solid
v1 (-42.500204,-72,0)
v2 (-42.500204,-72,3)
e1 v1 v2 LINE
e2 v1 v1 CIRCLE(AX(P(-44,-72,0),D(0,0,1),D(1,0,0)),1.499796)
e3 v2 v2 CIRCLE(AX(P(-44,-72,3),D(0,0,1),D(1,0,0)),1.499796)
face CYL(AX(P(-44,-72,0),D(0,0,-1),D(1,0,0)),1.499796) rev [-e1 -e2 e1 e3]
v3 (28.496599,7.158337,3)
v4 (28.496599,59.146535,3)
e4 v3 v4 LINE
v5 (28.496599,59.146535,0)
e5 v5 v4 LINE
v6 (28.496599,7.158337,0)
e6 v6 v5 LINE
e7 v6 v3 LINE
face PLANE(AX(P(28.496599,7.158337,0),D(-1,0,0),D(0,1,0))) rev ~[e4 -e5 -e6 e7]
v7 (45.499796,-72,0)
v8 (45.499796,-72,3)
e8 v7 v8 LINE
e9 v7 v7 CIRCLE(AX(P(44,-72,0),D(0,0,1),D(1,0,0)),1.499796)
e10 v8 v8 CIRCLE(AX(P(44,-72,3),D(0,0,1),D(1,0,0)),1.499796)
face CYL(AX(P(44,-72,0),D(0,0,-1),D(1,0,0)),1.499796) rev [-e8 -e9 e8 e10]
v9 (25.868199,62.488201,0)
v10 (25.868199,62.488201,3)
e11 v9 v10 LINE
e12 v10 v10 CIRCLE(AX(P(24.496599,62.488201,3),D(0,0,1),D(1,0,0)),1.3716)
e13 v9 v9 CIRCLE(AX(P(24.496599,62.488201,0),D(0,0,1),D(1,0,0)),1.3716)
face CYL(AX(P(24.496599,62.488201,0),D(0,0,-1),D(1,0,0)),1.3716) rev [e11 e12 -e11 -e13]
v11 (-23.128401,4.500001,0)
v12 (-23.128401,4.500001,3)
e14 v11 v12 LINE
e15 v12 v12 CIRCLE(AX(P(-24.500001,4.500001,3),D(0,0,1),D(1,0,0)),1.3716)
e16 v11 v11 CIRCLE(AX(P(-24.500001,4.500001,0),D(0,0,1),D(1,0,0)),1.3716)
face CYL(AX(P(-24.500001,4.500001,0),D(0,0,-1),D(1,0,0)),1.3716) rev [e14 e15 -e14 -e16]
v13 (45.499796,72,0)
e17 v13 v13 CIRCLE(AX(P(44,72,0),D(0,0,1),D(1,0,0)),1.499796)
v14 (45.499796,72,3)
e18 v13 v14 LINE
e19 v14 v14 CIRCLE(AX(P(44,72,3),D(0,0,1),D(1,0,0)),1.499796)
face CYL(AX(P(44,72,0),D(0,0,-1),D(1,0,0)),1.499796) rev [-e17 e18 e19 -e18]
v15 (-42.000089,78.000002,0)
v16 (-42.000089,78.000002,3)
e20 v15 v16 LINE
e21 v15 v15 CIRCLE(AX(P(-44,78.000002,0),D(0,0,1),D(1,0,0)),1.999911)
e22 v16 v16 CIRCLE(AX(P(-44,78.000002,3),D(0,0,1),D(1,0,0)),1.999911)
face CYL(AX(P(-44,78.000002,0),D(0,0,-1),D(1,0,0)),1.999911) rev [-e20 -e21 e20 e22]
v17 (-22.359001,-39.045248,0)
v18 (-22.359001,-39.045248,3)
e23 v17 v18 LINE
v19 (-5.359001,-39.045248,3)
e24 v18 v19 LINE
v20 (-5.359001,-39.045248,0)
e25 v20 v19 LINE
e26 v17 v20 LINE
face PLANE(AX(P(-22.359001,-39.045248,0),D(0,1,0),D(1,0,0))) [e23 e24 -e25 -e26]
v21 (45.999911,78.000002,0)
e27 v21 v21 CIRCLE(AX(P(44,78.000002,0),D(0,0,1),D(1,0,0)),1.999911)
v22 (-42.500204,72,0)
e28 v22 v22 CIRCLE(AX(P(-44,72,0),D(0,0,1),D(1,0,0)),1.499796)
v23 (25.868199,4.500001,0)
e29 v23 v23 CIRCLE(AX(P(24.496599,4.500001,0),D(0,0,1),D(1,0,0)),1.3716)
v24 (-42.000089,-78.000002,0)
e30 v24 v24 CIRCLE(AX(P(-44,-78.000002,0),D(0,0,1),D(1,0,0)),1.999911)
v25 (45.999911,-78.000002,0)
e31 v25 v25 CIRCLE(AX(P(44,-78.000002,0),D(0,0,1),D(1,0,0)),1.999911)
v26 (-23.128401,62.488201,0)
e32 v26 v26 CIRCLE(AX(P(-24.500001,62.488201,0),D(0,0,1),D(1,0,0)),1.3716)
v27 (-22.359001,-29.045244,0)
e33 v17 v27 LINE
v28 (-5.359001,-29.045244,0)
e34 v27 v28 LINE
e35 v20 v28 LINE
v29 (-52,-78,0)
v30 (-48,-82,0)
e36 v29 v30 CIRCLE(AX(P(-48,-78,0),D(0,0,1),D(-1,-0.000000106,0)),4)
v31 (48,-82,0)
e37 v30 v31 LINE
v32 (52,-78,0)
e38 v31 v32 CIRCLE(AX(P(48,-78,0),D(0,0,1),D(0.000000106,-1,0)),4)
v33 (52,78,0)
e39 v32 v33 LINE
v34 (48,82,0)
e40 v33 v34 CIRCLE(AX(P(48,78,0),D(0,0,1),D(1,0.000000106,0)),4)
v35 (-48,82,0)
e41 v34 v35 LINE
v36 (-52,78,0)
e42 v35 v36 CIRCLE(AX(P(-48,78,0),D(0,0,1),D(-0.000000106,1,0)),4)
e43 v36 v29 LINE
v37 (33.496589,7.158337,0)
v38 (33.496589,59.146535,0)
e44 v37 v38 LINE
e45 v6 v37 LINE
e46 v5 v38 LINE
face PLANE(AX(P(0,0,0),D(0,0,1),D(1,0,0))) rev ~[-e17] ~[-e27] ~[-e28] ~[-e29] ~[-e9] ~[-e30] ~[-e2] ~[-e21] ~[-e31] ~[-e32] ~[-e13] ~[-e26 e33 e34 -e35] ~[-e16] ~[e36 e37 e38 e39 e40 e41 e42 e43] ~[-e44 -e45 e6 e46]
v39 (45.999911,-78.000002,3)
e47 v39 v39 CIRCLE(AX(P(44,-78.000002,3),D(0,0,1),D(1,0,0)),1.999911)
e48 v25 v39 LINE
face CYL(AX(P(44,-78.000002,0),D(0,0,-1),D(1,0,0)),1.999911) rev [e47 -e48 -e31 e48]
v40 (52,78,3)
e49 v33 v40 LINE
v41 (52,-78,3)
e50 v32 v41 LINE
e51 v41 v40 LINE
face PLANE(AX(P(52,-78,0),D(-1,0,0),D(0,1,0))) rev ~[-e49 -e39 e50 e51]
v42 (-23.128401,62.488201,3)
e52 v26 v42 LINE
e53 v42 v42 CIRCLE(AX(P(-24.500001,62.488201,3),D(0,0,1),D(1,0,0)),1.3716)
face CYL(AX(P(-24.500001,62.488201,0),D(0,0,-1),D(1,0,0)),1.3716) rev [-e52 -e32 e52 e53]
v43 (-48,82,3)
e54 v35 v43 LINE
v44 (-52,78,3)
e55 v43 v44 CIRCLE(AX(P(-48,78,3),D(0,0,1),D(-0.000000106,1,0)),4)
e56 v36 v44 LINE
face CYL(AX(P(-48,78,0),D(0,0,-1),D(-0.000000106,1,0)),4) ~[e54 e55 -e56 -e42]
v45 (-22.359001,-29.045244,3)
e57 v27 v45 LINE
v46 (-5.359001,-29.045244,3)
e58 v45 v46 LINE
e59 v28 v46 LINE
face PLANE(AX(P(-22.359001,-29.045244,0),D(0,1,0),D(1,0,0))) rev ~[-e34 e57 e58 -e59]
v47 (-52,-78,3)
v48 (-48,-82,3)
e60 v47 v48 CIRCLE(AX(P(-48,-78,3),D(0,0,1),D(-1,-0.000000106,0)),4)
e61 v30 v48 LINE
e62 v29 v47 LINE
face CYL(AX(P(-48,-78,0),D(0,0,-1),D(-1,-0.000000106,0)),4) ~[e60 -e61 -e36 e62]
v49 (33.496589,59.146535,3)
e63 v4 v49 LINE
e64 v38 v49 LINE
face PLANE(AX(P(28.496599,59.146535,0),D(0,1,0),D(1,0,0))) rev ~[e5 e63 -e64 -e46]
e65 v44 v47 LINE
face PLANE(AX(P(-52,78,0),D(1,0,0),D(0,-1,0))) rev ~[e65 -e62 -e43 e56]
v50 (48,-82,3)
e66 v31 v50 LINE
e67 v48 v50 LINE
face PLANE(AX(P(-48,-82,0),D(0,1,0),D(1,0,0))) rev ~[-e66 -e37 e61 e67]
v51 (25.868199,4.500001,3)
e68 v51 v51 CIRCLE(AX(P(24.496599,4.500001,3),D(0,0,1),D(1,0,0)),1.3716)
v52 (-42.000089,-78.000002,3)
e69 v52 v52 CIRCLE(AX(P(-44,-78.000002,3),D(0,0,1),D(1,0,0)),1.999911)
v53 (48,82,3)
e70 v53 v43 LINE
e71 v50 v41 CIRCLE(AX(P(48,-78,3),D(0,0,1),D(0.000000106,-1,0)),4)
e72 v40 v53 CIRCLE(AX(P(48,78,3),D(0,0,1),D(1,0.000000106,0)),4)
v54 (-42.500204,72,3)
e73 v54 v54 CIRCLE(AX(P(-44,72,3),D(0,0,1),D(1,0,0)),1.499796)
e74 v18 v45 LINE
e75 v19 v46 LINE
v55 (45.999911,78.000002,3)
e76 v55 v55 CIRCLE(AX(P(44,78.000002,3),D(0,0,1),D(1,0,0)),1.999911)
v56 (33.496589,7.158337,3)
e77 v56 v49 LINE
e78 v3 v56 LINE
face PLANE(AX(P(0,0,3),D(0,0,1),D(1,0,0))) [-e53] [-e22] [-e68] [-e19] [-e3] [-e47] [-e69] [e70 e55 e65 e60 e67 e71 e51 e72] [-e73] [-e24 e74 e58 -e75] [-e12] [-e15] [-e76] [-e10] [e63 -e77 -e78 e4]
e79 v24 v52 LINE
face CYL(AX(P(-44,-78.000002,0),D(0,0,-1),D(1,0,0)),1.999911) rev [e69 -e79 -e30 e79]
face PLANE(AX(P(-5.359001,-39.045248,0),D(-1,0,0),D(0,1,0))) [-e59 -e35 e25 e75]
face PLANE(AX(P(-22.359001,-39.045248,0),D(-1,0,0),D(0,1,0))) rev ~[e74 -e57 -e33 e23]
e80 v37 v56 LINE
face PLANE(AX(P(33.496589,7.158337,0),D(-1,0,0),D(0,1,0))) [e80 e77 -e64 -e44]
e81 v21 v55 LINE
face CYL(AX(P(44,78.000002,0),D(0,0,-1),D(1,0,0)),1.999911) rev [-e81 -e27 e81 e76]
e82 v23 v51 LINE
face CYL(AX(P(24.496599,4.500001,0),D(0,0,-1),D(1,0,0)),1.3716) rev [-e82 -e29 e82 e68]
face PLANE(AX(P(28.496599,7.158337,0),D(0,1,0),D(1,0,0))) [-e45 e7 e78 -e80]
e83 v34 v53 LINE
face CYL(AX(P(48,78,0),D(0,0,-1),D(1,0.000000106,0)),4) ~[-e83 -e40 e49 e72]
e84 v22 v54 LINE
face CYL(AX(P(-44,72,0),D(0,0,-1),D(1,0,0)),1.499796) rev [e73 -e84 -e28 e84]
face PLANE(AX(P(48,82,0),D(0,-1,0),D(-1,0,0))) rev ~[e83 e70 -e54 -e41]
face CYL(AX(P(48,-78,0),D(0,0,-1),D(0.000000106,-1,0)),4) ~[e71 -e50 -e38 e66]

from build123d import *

# Parameters (mm, degrees)
F0_R     = 1.999911
F0_R_2   = 1.499796
F0_W     = 17
F0_H     = 10.000005
F0_R_3   = 1.3716
F0_W_2   = 4.99999
F0_H_2   = 51.988198
F1_DEPTH = 3


with BuildPart() as f1:
    # F0 (on Top) → F1 (new body)
    with BuildSketch(Plane.XY):
        with BuildLine():
            Line((-48, -82), (48, -82))
            ThreePointArc((48, -82), (50.828427, -80.828427), (52, -78))
            Line((52, -78), (52, 78))
            ThreePointArc((52, 78), (50.828427, 80.828427), (48, 82))
            Line((48, 82), (-48, 82))
            ThreePointArc((-48, 82), (-50.828427, 80.828427), (-52, 78))
            Line((-52, 78), (-52, -78))
            ThreePointArc((-52, -78), (-50.828427, -80.828427), (-48, -82))
        make_face()
        with Locations((-44, -78.000002)):
            Circle(F0_R, mode=Mode.SUBTRACT)
        with Locations((-44, -72)):
            Circle(F0_R_2, mode=Mode.SUBTRACT)
        with Locations((-13.859001, -34.045246)):
            Rectangle(F0_W, F0_H, mode=Mode.SUBTRACT)
        with Locations((44, -78.000002)):
            Circle(F0_R, mode=Mode.SUBTRACT)
        with Locations((44, -72)):
            Circle(F0_R_2, mode=Mode.SUBTRACT)
        with Locations((-24.500001, 4.500001)):
            Circle(F0_R_3, mode=Mode.SUBTRACT)
        with Locations((-44, 72)):
            Circle(F0_R_2, mode=Mode.SUBTRACT)
        with Locations((-44, 78.000002)):
            Circle(F0_R, mode=Mode.SUBTRACT)
        with Locations((-24.500001, 62.488201)):
            Circle(F0_R_3, mode=Mode.SUBTRACT)
        with Locations((24.496599, 4.500001)):
            Circle(F0_R_3, mode=Mode.SUBTRACT)
        with Locations((30.996594, 33.152436)):
            Rectangle(F0_W_2, F0_H_2, mode=Mode.SUBTRACT)
        with Locations((24.496599, 62.488201)):
            Circle(F0_R_3, mode=Mode.SUBTRACT)
        with Locations((44, 72)):
            Circle(F0_R_2, mode=Mode.SUBTRACT)
        with Locations((44, 78.000002)):
            Circle(F0_R, mode=Mode.SUBTRACT)
    extrude(amount=F1_DEPTH)


solid = f1.part
